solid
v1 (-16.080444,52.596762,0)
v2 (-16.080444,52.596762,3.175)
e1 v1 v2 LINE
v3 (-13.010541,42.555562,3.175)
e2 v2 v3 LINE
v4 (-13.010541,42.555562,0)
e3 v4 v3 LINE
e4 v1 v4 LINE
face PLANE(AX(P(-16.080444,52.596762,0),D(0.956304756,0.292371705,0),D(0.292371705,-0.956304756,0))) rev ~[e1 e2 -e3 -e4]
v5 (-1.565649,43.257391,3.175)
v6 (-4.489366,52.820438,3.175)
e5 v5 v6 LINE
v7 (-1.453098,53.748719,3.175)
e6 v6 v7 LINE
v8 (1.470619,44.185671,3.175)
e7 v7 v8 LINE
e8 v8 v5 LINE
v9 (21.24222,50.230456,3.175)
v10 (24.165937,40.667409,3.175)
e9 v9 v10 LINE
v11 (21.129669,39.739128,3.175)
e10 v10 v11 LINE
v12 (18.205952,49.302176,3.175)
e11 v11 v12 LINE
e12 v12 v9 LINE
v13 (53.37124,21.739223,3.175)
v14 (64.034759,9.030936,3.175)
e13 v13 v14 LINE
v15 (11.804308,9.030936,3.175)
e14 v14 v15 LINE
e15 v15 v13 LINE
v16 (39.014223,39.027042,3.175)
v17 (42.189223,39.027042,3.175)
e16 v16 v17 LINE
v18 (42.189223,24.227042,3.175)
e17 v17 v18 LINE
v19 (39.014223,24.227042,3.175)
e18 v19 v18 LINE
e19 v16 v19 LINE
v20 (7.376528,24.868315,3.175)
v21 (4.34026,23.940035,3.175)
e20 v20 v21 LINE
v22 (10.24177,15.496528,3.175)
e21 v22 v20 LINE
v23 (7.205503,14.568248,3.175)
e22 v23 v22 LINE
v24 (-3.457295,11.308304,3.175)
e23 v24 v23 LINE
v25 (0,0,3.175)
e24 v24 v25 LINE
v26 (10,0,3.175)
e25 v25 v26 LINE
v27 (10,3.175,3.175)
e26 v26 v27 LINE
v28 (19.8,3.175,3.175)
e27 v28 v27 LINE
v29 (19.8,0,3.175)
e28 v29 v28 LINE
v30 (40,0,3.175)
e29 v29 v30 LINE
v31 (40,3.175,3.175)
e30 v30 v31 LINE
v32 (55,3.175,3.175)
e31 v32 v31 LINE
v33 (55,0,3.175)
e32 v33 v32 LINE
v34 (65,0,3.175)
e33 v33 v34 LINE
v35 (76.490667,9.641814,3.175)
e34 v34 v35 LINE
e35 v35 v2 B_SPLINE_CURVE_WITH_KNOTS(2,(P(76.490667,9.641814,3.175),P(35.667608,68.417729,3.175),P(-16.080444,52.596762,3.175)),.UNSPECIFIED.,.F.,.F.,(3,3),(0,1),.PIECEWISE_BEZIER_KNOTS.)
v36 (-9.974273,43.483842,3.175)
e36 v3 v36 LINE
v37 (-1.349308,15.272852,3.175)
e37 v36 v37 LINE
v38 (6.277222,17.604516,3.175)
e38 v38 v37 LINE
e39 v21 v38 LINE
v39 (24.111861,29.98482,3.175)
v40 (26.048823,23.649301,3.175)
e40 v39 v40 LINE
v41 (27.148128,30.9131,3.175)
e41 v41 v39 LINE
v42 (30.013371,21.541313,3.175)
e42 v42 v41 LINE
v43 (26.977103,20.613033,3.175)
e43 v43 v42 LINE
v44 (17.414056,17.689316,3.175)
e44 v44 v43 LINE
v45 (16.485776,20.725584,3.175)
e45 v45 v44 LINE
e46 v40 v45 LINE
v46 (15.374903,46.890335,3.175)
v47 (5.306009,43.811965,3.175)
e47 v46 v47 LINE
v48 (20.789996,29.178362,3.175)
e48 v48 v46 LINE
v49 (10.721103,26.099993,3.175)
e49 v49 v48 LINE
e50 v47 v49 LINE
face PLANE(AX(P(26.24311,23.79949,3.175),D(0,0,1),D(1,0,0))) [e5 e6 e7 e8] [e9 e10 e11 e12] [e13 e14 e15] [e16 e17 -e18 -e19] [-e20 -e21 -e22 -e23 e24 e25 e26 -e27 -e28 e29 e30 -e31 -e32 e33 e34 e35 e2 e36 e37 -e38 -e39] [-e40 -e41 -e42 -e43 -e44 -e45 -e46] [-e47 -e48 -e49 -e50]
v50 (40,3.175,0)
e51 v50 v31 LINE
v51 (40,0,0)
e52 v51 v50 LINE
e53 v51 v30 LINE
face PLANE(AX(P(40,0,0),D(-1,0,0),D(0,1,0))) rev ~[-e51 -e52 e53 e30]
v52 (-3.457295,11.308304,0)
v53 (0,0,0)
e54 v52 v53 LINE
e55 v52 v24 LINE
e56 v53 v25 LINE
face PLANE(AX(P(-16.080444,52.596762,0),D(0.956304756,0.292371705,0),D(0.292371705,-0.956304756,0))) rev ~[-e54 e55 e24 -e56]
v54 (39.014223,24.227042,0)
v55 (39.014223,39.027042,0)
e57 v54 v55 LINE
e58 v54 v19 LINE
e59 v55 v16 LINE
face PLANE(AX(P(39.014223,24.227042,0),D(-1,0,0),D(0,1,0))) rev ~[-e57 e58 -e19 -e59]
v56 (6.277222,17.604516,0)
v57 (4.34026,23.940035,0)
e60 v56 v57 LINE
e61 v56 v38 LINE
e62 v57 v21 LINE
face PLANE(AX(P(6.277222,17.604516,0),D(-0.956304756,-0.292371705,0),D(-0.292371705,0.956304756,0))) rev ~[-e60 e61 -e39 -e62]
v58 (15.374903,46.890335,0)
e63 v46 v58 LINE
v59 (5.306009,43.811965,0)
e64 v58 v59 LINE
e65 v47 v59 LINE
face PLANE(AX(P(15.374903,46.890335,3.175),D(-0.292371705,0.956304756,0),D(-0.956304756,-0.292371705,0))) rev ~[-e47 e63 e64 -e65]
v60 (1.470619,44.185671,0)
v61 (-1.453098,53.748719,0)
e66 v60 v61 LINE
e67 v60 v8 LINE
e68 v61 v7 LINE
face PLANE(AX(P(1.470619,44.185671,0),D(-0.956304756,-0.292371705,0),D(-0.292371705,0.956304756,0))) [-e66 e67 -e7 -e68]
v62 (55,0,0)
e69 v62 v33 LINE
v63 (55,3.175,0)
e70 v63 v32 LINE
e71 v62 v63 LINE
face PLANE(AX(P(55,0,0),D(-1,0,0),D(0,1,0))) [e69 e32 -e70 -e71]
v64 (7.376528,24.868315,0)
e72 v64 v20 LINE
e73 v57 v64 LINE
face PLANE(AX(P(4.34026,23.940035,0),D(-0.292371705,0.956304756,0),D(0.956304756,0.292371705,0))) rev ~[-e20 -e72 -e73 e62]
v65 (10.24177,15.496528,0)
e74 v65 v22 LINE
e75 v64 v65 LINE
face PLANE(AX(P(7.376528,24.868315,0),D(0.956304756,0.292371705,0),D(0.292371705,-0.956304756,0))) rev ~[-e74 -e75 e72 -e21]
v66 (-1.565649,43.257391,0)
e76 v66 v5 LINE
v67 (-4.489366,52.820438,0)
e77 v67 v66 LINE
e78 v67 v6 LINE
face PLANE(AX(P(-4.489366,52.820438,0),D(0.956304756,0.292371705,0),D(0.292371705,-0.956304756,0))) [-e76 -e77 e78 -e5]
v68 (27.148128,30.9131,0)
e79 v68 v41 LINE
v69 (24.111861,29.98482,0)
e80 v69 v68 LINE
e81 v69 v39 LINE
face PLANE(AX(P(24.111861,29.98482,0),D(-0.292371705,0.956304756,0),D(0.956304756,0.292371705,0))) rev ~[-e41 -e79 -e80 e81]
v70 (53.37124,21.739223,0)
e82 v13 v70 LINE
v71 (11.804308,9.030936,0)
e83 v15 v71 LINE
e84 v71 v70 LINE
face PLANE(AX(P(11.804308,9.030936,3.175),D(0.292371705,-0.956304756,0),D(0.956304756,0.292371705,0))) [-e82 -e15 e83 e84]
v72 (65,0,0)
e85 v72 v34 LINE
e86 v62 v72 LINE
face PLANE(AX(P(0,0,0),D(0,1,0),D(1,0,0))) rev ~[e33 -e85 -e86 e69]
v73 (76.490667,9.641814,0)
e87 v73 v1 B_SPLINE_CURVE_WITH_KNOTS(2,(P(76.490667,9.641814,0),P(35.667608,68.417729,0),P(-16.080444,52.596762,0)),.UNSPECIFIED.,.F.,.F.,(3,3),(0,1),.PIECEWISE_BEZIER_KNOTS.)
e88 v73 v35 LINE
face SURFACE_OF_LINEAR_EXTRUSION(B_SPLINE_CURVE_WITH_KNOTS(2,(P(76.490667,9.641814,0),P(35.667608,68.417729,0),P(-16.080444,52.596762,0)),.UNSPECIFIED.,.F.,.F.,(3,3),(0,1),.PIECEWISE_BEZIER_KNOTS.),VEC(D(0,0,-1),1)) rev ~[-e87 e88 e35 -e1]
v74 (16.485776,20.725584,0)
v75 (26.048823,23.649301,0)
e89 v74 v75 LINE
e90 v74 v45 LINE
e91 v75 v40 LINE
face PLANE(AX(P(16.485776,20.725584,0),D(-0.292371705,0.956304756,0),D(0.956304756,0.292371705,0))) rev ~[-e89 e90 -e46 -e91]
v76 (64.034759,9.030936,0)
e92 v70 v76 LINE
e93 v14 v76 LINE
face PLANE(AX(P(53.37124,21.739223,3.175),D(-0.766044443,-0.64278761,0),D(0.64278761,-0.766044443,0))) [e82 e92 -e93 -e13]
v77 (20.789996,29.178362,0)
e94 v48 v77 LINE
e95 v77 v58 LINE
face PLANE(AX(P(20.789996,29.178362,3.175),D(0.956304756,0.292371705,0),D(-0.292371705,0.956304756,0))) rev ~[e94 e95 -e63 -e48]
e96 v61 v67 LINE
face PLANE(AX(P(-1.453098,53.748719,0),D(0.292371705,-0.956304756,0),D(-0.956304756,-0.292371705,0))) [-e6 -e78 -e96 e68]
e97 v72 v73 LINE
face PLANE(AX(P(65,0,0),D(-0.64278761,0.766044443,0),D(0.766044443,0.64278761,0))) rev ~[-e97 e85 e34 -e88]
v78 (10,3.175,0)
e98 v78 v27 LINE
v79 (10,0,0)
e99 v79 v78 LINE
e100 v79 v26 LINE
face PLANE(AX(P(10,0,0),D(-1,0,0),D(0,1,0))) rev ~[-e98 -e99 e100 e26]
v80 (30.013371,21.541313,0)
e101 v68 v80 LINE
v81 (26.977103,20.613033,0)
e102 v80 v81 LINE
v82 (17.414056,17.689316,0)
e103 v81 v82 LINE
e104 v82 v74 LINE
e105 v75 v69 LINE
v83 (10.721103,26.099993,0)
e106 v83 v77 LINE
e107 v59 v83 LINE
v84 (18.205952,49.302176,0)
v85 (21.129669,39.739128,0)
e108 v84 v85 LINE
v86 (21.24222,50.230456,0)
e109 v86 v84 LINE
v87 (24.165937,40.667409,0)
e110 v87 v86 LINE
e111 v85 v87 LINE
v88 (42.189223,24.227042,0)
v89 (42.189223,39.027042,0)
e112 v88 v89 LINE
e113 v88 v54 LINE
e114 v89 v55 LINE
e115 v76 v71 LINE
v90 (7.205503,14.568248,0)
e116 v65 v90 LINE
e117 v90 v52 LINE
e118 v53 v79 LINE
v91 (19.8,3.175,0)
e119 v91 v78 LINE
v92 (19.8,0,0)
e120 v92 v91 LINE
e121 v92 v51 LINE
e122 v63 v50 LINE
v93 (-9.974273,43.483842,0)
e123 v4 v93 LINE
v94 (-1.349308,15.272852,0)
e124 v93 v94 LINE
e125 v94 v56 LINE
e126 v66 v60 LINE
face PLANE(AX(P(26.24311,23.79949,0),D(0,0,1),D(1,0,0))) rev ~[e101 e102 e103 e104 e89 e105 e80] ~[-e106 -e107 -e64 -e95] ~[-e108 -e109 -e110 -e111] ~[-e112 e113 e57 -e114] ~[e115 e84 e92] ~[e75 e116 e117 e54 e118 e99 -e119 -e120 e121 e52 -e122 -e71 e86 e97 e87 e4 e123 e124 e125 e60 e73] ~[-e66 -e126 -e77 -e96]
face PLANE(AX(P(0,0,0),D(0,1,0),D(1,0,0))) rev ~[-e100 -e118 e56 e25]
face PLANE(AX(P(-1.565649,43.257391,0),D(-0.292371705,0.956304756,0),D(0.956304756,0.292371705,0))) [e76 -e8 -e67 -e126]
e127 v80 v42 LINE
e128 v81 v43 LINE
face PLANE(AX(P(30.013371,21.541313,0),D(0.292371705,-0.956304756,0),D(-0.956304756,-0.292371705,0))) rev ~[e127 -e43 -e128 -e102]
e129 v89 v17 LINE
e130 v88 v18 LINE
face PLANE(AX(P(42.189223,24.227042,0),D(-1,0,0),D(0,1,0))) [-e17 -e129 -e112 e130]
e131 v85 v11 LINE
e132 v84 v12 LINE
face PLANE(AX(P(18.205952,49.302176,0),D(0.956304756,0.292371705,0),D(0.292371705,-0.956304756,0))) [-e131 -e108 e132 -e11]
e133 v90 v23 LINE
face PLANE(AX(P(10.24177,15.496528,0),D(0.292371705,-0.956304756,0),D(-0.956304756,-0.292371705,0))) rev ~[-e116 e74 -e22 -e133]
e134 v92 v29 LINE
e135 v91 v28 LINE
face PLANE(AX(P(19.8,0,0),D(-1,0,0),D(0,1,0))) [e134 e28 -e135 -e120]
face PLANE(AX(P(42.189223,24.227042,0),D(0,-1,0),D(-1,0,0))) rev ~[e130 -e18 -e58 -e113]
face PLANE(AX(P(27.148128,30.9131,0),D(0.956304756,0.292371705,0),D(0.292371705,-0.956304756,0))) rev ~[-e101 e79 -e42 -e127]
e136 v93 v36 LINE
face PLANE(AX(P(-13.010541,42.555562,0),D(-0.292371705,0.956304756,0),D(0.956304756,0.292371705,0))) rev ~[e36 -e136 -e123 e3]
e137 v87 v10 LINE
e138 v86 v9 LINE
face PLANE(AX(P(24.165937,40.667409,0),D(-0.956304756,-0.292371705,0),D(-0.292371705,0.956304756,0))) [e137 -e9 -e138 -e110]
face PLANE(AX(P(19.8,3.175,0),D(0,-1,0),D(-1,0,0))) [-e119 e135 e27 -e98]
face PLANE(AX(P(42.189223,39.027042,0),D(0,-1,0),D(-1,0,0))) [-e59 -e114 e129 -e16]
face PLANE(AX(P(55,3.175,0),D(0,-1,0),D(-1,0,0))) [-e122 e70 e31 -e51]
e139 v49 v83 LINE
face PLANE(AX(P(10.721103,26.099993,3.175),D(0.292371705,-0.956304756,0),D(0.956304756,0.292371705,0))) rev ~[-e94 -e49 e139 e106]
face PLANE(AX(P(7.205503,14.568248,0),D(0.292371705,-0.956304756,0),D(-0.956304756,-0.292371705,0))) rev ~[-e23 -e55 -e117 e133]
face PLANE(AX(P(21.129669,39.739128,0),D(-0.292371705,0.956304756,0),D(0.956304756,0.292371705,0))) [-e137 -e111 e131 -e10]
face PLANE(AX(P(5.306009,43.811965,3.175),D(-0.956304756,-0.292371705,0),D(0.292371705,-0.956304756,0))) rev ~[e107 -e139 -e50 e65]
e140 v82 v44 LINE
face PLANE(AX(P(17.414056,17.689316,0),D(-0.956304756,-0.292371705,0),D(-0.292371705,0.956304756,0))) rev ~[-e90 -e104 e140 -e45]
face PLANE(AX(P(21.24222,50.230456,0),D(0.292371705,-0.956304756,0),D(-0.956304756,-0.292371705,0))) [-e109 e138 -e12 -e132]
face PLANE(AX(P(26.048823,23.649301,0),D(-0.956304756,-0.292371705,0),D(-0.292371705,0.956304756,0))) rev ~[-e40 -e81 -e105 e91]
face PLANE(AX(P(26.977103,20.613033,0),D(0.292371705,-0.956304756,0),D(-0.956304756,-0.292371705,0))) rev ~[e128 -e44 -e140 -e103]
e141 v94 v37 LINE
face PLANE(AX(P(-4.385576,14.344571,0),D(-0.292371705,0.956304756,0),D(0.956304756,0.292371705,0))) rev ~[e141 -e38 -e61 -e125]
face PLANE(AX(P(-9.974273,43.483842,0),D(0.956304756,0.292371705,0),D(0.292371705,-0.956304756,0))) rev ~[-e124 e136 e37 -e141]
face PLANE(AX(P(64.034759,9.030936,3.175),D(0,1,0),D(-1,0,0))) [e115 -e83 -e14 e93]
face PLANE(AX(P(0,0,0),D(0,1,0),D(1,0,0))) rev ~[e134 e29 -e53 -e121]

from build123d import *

# Parameters (mm, degrees)
BOSS_EXTRUDE1_DEPTH = 3.175
SKETCH3_W           = 3.175
SKETCH3_H           = 14.8
CUT_EXTRUDE1_DEPTH  = 4.1750001
SKETCH4_W           = 9.8
SKETCH4_H           = 3.175
SKETCH4_W_2         = 15
CUT_EXTRUDE2_DEPTH  = 3.175
CUT_EXTRUDE3_DEPTH  = 4.1750001


with BuildPart() as part:
    # Sketch1 → Boss-Extrude1 (new body)
    with BuildSketch(Plane.XY):
        with BuildLine():
            Line((0, 0), (65, 0))
            Line((65, 0), (76.490666647, 9.641814145))
            add(Edge.make_bspline(
                [(76.490666647, 9.641814145), (35.667607653, 68.4177286), (-16.08044376, 52.596761578)],
                knots=[0, 0, 0, 1, 1, 1], degree=2))
            Line((-16.08044376, 52.596761578), (0, 0))
        make_face()
    extrude(amount=BOSS_EXTRUDE1_DEPTH)

    # Sketch3 → Cut-Extrude1 (cut, through all)
    with BuildSketch(Plane(origin=(0, 0, 0), x_dir=(-1, 0, 0), z_dir=(0, 0, -1))):
        with Locations((-40.601722956, 31.627041635)):
            Rectangle(SKETCH3_W, SKETCH3_H)
        Polygon((-24.165936956, 40.667408524), (-21.242219909, 50.230456083), (-18.205952308, 49.302175921), (-21.129669356, 39.739128361), align=None)
        Polygon((-24.111860744, 29.984819851), (-27.148128344, 30.913100013), (-30.01337105, 21.541313405), (-26.97710345, 20.613033242), align=None)
        Polygon((-26.048823288, 23.649300842), (-26.97710345, 20.613033242), (-17.414055891, 17.689316195), (-16.485775728, 20.725583795), align=None)
        Polygon((-1.470619079, 44.185671088), (1.453097968, 53.748718648), (4.489365568, 52.820438485), (1.565648521, 43.257390926), align=None)
        Polygon((-10.241770221, 15.496528409), (-7.205502621, 14.568248247), (-6.277222458, 17.604515847), (-4.340259914, 23.940034855), (-7.376527515, 24.868315018), align=None)
        Polygon((-7.205502621, 14.568248247), (3.457295408, 11.308303739), (4.385575571, 14.344571339), (-6.277222458, 17.604515847), align=None)
    extrude(amount=-CUT_EXTRUDE1_DEPTH, mode=Mode.SUBTRACT)

    # Sketch4 → Cut-Extrude2 (cut)
    with BuildSketch(Plane(origin=(0, 0, 0), x_dir=(-1, 0, 0), z_dir=(0, 0, -1))):
        with Locations((-14.9, 1.5875)):
            Rectangle(SKETCH4_W, SKETCH4_H)
        with Locations((-47.5, 1.5875)):
            Rectangle(SKETCH4_W_2, SKETCH4_H)
        Polygon((13.01054086, 42.55556164), (9.97427326, 43.483841803), (1.349307971, 15.272851502), (4.385575571, 14.344571339), align=None)
    extrude(amount=-CUT_EXTRUDE2_DEPTH, mode=Mode.SUBTRACT)

    # Sketch5 → Cut-Extrude3 (cut, through all)
    with BuildSketch(Plane.XY.offset(3.175)):
        Polygon((11.804307663, 9.030936103), (53.371240129, 21.739222692), (64.034758718, 9.030936103), align=None)
        Polygon((5.306009056, 43.811965436), (10.721102585, 26.099992585), (20.789996423, 29.178362359), (15.374902893, 46.890335211), align=None)
    extrude(amount=-CUT_EXTRUDE3_DEPTH, mode=Mode.SUBTRACT)


solid = part.part
